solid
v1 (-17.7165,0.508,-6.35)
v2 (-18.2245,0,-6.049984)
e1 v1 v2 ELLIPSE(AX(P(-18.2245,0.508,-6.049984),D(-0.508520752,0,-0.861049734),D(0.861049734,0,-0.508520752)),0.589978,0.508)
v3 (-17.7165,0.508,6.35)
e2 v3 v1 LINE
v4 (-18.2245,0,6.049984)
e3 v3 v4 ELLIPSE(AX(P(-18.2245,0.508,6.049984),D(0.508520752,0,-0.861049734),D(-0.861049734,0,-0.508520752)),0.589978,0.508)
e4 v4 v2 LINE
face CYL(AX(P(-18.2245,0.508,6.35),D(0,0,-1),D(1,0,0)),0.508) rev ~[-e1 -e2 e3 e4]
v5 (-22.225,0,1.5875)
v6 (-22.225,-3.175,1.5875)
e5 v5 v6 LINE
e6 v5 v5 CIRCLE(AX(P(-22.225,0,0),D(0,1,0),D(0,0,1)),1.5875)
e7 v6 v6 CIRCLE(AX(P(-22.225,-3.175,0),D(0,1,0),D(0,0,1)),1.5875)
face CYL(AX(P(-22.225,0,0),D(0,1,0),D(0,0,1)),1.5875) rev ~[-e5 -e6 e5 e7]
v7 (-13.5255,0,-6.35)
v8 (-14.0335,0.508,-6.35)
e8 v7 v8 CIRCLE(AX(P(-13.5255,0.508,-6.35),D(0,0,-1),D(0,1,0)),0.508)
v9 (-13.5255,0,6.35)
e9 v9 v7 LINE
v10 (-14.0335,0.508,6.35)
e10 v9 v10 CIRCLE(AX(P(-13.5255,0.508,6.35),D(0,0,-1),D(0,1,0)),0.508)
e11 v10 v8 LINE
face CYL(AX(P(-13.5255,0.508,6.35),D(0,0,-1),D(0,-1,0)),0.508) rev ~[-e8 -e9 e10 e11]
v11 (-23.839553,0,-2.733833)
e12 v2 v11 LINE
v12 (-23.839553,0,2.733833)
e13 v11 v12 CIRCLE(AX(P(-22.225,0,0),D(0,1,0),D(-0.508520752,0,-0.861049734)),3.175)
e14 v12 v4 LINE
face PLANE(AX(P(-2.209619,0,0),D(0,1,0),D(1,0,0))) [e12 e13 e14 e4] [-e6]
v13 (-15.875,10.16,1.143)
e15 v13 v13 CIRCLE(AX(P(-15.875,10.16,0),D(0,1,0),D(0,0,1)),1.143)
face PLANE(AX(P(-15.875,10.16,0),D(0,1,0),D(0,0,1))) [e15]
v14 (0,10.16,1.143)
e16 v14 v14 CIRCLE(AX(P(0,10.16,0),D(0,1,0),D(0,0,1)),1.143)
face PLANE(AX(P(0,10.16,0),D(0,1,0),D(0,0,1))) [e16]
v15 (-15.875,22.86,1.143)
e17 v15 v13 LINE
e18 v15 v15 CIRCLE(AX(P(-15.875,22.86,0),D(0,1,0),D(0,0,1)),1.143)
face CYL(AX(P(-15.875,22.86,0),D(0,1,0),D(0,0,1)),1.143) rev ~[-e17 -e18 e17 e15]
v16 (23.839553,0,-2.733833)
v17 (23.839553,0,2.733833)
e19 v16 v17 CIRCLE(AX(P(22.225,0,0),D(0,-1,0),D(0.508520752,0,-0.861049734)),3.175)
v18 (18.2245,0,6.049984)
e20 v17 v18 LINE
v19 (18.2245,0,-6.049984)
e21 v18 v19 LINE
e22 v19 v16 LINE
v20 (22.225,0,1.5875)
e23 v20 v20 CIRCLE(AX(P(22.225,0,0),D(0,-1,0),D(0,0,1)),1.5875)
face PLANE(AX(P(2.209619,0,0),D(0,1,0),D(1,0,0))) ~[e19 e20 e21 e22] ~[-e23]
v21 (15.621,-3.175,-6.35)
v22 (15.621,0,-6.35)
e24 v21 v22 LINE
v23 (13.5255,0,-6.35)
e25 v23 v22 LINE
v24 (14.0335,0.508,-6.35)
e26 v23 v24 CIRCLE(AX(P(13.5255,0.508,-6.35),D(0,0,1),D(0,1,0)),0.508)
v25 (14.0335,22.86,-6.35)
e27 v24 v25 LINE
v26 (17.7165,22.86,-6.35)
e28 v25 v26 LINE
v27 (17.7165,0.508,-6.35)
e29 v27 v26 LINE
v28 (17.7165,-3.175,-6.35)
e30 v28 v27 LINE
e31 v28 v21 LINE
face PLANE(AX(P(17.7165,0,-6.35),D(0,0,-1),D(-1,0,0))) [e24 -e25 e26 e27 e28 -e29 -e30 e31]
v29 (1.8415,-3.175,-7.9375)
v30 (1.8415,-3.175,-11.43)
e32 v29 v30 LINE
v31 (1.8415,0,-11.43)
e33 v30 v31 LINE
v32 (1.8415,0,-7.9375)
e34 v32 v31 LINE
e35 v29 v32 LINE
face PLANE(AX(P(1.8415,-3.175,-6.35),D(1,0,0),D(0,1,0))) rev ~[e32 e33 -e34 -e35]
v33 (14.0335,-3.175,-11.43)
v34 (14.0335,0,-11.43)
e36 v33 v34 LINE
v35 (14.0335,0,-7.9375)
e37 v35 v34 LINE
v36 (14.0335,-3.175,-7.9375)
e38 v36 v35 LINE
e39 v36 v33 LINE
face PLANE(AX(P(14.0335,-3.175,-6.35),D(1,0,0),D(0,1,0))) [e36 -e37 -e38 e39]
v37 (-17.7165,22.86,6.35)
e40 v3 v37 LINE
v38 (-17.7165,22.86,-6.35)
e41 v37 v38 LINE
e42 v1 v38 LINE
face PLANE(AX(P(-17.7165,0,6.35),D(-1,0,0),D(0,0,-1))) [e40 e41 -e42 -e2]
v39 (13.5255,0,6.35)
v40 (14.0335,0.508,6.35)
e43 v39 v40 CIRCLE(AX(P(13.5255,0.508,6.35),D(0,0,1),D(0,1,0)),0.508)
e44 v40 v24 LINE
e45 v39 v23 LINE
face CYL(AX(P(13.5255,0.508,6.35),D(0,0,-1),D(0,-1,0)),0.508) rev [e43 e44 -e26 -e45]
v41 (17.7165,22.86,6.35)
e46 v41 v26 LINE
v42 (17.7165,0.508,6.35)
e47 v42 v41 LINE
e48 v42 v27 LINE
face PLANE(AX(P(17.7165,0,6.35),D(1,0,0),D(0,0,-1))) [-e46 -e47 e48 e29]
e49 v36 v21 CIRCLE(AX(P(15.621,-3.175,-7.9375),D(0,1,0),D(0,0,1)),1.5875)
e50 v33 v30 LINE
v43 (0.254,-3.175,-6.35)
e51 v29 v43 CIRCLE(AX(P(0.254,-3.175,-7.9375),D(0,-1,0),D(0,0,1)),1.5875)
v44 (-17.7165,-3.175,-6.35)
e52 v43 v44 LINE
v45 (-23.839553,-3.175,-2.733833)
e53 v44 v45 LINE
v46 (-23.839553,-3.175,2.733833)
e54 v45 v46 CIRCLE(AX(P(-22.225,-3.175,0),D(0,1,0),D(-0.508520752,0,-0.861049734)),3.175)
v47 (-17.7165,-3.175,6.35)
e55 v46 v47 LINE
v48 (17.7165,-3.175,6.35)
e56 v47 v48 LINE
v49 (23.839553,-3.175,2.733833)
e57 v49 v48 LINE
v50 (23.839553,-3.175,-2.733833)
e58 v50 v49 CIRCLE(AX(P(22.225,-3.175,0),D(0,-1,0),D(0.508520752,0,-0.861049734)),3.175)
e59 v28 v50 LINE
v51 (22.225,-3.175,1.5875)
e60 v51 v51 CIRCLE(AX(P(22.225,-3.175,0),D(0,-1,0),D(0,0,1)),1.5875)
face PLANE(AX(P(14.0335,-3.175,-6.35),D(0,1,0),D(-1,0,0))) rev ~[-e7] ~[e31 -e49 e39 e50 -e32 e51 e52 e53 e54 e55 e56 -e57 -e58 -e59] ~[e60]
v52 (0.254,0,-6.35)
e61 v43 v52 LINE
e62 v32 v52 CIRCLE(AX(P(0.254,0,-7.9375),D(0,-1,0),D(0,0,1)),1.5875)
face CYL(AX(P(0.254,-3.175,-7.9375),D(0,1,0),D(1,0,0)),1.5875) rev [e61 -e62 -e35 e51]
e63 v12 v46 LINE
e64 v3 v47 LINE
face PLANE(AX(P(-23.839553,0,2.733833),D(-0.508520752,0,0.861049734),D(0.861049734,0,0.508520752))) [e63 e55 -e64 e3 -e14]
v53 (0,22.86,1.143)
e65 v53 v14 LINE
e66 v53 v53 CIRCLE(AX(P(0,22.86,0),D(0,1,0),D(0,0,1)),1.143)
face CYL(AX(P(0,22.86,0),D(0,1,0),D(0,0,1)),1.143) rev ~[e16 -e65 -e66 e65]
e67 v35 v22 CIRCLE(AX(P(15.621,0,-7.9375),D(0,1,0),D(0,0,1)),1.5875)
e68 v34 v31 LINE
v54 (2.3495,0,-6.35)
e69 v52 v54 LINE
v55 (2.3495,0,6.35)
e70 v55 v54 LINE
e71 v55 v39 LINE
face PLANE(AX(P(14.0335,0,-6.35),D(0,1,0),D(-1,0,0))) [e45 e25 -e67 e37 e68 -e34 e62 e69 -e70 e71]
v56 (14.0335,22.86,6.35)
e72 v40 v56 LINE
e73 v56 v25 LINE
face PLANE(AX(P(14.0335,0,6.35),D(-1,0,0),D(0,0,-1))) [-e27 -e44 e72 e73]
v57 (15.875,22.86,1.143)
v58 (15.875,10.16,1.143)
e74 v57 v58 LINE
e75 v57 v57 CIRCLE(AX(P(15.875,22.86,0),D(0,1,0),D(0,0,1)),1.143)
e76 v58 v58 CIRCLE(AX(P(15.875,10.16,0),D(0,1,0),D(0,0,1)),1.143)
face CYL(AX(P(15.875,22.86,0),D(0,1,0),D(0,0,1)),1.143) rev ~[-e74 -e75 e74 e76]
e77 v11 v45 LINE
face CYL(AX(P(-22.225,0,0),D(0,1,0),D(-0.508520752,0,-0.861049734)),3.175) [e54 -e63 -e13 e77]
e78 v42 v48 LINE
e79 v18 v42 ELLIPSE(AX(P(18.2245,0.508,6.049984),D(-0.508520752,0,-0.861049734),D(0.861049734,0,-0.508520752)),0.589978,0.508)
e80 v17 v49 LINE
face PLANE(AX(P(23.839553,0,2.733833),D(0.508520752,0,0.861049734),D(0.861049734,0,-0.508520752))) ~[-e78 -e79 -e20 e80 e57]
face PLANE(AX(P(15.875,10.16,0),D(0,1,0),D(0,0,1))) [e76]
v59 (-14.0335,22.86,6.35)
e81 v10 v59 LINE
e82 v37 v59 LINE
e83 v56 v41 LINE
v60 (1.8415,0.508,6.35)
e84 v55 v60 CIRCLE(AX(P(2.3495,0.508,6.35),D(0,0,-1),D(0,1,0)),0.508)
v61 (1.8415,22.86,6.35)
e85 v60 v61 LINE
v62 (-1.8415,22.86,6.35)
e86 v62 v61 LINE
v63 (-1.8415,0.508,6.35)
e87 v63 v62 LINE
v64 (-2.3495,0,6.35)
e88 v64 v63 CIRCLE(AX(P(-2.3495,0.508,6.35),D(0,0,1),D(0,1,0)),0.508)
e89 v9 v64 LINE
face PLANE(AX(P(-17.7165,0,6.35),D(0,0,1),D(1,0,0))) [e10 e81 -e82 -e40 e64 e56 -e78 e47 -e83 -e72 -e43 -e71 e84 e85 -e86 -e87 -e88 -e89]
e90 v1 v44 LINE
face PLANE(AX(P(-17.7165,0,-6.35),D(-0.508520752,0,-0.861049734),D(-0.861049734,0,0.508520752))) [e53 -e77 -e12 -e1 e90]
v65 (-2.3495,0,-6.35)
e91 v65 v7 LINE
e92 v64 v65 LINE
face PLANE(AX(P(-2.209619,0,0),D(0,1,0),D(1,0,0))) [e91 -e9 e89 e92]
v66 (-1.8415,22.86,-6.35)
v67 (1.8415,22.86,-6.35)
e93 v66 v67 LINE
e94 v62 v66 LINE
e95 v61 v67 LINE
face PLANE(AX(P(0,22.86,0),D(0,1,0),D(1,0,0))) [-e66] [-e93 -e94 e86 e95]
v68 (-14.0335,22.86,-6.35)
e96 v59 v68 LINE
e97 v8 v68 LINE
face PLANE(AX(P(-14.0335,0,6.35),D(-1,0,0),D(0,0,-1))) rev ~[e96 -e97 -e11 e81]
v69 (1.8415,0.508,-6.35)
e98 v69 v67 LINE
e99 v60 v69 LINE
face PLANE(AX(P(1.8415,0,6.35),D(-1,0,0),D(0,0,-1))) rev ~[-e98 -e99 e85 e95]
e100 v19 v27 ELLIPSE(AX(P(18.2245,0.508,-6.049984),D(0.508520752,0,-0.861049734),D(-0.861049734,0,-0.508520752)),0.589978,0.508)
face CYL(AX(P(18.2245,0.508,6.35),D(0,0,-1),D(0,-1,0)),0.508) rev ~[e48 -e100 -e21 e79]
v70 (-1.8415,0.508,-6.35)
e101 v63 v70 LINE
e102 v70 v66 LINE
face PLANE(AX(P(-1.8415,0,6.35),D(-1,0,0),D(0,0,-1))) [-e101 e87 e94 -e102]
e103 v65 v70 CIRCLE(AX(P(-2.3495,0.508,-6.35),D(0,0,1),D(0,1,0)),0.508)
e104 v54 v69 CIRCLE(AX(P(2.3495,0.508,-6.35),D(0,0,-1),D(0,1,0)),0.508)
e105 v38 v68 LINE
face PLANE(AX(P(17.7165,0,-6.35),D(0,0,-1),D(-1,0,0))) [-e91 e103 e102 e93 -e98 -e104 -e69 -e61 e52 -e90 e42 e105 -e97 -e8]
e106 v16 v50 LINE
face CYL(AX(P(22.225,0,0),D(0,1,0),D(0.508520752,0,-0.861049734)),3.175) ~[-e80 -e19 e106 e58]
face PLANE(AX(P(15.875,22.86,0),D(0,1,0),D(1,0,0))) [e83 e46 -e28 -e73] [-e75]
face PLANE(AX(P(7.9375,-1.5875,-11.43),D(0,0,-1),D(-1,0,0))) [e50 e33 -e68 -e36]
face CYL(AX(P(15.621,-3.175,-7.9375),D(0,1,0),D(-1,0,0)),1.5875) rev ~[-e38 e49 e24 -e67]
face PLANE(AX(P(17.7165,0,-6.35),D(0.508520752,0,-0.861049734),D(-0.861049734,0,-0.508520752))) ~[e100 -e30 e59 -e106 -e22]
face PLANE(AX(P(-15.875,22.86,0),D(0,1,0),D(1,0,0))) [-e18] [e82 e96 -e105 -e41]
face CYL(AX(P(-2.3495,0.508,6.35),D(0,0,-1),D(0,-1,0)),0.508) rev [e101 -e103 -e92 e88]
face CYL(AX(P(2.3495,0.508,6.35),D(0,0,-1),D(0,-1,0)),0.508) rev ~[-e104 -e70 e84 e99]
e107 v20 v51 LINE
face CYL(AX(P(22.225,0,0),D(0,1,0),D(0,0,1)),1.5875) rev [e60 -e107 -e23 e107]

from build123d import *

# Parameters (mm, degrees)
SKETCH1_W             = 3.683
SKETCH1_H             = 12.7
BOSS_EXTRUDE1_DEPTH   = 22.86
BOSS_EXTRUDE1_2_DEPTH = 22.86
BOSS_EXTRUDE1_3_DEPTH = 22.86
SKETCH2_R             = 1.5875
BOSS_EXTRUDE2_DEPTH   = 3.175
FILLET1_R             = 0.508
SKETCH3_R             = 1.143
CUT_EXTRUDE1_DEPTH    = 12.7
SKETCH4_W             = 12.192
SKETCH4_H             = 3.175
BOSS_EXTRUDE3_DEPTH   = 5.08
FILLET2_R             = 1.5875


with BuildPart() as part:
    # Sketch1 → Boss-Extrude1 (new body)
    with BuildSketch(Plane(origin=(0, 0, 0), x_dir=(1, 0, 0), z_dir=(0, 1, 0))):
        Rectangle(SKETCH1_W, SKETCH1_H)
    extrude(amount=BOSS_EXTRUDE1_DEPTH)



with BuildPart() as body_2:
    # Sketch1 → Boss-Extrude1 2 (new body)
    with BuildSketch(Plane(origin=(0, 0, 0), x_dir=(1, 0, 0), z_dir=(0, 1, 0))):
        with Locations((-15.875, 0)):
            Rectangle(SKETCH1_W, SKETCH1_H)
    extrude(amount=BOSS_EXTRUDE1_2_DEPTH)


with BuildPart() as body_3:
    # Sketch1 → Boss-Extrude1 3 (new body)
    with BuildSketch(Plane(origin=(0, 0, 0), x_dir=(1, 0, 0), z_dir=(0, 1, 0))):
        with Locations((15.875, 0)):
            Rectangle(SKETCH1_W, SKETCH1_H)
    extrude(amount=BOSS_EXTRUDE1_3_DEPTH)


with BuildPart() as part_1:
    add(part.part)

    add(body_2.part)  # Boss-Extrude2 merges body 2

    add(body_3.part)  # Boss-Extrude2 merges body 3
    # Sketch2 → Boss-Extrude2 (add)
    with BuildSketch(Plane(origin=(0, 0, 0), x_dir=(1, 0, 0), z_dir=(0, 1, 0))):
        with BuildLine():
            Line((-23.839553388, -2.733832906), (-17.7165, -6.35))
            Line((-17.7165, -6.35), (17.7165, -6.35))
            Line((17.7165, -6.35), (17.7165, 6.35))
            Line((17.7165, 6.35), (-17.7165, 6.35))
            Line((-17.7165, 6.35), (-23.839553388, 2.733832906))
            ThreePointArc((-23.839553388, 2.733832906), (-25.4, 0), (-23.839553388, -2.733832906))
        make_face()
        with Locations(Location((-22.225, 0, 0), (0, 0, 270))):
            Circle(SKETCH2_R, mode=Mode.SUBTRACT)
    boss_extrude2 = extrude(amount=-BOSS_EXTRUDE2_DEPTH)

    # Mirror1: Boss-Extrude2 across plane
    add(boss_extrude2.mirror(Plane(origin=(0, 0, 0), x_dir=(0, 0, 1), z_dir=(1, 0, 0))))

    # Fillet1
    fillet1_edges = [part_1.edges().sort_by_distance(p)[0] for p in [
        (-14.0335, 0, 0),
        (-17.7165, 0, 0),
        (14.0335, 0, 0),
        (-1.8415, 0, 0),
        (17.7165, 0, 0),
        (1.8415, 0, 0),
    ]]
    fillet(fillet1_edges, radius=FILLET1_R)

    # Sketch3 → Cut-Extrude1 (cut)
    with BuildSketch(Plane(origin=(0, 22.86, 0), x_dir=(1, 0, 0), z_dir=(0, 1, 0))):
        with Locations(Location((15.875, 0, 0), (0, 0, 270))):
            Circle(SKETCH3_R)
        with Locations(Location((0, 0, 0), (0, 0, 270))):
            Circle(SKETCH3_R)
        with Locations(Location((-15.875, 0, 0), (0, 0, 270))):
            Circle(SKETCH3_R)
    extrude(amount=-CUT_EXTRUDE1_DEPTH, mode=Mode.SUBTRACT)

    # Sketch4 → Boss-Extrude3 (add)
    with BuildSketch(Plane(origin=(0, 0, -6.35), x_dir=(-1, 0, 0), z_dir=(0, 0, -1))):
        with Locations((-7.9375, -1.5875)):
            Rectangle(SKETCH4_W, SKETCH4_H)
    extrude(amount=BOSS_EXTRUDE3_DEPTH)

    # Fillet2
    fillet2_edges = [part_1.edges().sort_by_distance(p)[0] for p in [
        (1.8415, -1.5875, -6.35),
        (14.0335, -1.5875, -6.35),
    ]]
    fillet(fillet2_edges, radius=FILLET2_R)


solid = part_1.part
